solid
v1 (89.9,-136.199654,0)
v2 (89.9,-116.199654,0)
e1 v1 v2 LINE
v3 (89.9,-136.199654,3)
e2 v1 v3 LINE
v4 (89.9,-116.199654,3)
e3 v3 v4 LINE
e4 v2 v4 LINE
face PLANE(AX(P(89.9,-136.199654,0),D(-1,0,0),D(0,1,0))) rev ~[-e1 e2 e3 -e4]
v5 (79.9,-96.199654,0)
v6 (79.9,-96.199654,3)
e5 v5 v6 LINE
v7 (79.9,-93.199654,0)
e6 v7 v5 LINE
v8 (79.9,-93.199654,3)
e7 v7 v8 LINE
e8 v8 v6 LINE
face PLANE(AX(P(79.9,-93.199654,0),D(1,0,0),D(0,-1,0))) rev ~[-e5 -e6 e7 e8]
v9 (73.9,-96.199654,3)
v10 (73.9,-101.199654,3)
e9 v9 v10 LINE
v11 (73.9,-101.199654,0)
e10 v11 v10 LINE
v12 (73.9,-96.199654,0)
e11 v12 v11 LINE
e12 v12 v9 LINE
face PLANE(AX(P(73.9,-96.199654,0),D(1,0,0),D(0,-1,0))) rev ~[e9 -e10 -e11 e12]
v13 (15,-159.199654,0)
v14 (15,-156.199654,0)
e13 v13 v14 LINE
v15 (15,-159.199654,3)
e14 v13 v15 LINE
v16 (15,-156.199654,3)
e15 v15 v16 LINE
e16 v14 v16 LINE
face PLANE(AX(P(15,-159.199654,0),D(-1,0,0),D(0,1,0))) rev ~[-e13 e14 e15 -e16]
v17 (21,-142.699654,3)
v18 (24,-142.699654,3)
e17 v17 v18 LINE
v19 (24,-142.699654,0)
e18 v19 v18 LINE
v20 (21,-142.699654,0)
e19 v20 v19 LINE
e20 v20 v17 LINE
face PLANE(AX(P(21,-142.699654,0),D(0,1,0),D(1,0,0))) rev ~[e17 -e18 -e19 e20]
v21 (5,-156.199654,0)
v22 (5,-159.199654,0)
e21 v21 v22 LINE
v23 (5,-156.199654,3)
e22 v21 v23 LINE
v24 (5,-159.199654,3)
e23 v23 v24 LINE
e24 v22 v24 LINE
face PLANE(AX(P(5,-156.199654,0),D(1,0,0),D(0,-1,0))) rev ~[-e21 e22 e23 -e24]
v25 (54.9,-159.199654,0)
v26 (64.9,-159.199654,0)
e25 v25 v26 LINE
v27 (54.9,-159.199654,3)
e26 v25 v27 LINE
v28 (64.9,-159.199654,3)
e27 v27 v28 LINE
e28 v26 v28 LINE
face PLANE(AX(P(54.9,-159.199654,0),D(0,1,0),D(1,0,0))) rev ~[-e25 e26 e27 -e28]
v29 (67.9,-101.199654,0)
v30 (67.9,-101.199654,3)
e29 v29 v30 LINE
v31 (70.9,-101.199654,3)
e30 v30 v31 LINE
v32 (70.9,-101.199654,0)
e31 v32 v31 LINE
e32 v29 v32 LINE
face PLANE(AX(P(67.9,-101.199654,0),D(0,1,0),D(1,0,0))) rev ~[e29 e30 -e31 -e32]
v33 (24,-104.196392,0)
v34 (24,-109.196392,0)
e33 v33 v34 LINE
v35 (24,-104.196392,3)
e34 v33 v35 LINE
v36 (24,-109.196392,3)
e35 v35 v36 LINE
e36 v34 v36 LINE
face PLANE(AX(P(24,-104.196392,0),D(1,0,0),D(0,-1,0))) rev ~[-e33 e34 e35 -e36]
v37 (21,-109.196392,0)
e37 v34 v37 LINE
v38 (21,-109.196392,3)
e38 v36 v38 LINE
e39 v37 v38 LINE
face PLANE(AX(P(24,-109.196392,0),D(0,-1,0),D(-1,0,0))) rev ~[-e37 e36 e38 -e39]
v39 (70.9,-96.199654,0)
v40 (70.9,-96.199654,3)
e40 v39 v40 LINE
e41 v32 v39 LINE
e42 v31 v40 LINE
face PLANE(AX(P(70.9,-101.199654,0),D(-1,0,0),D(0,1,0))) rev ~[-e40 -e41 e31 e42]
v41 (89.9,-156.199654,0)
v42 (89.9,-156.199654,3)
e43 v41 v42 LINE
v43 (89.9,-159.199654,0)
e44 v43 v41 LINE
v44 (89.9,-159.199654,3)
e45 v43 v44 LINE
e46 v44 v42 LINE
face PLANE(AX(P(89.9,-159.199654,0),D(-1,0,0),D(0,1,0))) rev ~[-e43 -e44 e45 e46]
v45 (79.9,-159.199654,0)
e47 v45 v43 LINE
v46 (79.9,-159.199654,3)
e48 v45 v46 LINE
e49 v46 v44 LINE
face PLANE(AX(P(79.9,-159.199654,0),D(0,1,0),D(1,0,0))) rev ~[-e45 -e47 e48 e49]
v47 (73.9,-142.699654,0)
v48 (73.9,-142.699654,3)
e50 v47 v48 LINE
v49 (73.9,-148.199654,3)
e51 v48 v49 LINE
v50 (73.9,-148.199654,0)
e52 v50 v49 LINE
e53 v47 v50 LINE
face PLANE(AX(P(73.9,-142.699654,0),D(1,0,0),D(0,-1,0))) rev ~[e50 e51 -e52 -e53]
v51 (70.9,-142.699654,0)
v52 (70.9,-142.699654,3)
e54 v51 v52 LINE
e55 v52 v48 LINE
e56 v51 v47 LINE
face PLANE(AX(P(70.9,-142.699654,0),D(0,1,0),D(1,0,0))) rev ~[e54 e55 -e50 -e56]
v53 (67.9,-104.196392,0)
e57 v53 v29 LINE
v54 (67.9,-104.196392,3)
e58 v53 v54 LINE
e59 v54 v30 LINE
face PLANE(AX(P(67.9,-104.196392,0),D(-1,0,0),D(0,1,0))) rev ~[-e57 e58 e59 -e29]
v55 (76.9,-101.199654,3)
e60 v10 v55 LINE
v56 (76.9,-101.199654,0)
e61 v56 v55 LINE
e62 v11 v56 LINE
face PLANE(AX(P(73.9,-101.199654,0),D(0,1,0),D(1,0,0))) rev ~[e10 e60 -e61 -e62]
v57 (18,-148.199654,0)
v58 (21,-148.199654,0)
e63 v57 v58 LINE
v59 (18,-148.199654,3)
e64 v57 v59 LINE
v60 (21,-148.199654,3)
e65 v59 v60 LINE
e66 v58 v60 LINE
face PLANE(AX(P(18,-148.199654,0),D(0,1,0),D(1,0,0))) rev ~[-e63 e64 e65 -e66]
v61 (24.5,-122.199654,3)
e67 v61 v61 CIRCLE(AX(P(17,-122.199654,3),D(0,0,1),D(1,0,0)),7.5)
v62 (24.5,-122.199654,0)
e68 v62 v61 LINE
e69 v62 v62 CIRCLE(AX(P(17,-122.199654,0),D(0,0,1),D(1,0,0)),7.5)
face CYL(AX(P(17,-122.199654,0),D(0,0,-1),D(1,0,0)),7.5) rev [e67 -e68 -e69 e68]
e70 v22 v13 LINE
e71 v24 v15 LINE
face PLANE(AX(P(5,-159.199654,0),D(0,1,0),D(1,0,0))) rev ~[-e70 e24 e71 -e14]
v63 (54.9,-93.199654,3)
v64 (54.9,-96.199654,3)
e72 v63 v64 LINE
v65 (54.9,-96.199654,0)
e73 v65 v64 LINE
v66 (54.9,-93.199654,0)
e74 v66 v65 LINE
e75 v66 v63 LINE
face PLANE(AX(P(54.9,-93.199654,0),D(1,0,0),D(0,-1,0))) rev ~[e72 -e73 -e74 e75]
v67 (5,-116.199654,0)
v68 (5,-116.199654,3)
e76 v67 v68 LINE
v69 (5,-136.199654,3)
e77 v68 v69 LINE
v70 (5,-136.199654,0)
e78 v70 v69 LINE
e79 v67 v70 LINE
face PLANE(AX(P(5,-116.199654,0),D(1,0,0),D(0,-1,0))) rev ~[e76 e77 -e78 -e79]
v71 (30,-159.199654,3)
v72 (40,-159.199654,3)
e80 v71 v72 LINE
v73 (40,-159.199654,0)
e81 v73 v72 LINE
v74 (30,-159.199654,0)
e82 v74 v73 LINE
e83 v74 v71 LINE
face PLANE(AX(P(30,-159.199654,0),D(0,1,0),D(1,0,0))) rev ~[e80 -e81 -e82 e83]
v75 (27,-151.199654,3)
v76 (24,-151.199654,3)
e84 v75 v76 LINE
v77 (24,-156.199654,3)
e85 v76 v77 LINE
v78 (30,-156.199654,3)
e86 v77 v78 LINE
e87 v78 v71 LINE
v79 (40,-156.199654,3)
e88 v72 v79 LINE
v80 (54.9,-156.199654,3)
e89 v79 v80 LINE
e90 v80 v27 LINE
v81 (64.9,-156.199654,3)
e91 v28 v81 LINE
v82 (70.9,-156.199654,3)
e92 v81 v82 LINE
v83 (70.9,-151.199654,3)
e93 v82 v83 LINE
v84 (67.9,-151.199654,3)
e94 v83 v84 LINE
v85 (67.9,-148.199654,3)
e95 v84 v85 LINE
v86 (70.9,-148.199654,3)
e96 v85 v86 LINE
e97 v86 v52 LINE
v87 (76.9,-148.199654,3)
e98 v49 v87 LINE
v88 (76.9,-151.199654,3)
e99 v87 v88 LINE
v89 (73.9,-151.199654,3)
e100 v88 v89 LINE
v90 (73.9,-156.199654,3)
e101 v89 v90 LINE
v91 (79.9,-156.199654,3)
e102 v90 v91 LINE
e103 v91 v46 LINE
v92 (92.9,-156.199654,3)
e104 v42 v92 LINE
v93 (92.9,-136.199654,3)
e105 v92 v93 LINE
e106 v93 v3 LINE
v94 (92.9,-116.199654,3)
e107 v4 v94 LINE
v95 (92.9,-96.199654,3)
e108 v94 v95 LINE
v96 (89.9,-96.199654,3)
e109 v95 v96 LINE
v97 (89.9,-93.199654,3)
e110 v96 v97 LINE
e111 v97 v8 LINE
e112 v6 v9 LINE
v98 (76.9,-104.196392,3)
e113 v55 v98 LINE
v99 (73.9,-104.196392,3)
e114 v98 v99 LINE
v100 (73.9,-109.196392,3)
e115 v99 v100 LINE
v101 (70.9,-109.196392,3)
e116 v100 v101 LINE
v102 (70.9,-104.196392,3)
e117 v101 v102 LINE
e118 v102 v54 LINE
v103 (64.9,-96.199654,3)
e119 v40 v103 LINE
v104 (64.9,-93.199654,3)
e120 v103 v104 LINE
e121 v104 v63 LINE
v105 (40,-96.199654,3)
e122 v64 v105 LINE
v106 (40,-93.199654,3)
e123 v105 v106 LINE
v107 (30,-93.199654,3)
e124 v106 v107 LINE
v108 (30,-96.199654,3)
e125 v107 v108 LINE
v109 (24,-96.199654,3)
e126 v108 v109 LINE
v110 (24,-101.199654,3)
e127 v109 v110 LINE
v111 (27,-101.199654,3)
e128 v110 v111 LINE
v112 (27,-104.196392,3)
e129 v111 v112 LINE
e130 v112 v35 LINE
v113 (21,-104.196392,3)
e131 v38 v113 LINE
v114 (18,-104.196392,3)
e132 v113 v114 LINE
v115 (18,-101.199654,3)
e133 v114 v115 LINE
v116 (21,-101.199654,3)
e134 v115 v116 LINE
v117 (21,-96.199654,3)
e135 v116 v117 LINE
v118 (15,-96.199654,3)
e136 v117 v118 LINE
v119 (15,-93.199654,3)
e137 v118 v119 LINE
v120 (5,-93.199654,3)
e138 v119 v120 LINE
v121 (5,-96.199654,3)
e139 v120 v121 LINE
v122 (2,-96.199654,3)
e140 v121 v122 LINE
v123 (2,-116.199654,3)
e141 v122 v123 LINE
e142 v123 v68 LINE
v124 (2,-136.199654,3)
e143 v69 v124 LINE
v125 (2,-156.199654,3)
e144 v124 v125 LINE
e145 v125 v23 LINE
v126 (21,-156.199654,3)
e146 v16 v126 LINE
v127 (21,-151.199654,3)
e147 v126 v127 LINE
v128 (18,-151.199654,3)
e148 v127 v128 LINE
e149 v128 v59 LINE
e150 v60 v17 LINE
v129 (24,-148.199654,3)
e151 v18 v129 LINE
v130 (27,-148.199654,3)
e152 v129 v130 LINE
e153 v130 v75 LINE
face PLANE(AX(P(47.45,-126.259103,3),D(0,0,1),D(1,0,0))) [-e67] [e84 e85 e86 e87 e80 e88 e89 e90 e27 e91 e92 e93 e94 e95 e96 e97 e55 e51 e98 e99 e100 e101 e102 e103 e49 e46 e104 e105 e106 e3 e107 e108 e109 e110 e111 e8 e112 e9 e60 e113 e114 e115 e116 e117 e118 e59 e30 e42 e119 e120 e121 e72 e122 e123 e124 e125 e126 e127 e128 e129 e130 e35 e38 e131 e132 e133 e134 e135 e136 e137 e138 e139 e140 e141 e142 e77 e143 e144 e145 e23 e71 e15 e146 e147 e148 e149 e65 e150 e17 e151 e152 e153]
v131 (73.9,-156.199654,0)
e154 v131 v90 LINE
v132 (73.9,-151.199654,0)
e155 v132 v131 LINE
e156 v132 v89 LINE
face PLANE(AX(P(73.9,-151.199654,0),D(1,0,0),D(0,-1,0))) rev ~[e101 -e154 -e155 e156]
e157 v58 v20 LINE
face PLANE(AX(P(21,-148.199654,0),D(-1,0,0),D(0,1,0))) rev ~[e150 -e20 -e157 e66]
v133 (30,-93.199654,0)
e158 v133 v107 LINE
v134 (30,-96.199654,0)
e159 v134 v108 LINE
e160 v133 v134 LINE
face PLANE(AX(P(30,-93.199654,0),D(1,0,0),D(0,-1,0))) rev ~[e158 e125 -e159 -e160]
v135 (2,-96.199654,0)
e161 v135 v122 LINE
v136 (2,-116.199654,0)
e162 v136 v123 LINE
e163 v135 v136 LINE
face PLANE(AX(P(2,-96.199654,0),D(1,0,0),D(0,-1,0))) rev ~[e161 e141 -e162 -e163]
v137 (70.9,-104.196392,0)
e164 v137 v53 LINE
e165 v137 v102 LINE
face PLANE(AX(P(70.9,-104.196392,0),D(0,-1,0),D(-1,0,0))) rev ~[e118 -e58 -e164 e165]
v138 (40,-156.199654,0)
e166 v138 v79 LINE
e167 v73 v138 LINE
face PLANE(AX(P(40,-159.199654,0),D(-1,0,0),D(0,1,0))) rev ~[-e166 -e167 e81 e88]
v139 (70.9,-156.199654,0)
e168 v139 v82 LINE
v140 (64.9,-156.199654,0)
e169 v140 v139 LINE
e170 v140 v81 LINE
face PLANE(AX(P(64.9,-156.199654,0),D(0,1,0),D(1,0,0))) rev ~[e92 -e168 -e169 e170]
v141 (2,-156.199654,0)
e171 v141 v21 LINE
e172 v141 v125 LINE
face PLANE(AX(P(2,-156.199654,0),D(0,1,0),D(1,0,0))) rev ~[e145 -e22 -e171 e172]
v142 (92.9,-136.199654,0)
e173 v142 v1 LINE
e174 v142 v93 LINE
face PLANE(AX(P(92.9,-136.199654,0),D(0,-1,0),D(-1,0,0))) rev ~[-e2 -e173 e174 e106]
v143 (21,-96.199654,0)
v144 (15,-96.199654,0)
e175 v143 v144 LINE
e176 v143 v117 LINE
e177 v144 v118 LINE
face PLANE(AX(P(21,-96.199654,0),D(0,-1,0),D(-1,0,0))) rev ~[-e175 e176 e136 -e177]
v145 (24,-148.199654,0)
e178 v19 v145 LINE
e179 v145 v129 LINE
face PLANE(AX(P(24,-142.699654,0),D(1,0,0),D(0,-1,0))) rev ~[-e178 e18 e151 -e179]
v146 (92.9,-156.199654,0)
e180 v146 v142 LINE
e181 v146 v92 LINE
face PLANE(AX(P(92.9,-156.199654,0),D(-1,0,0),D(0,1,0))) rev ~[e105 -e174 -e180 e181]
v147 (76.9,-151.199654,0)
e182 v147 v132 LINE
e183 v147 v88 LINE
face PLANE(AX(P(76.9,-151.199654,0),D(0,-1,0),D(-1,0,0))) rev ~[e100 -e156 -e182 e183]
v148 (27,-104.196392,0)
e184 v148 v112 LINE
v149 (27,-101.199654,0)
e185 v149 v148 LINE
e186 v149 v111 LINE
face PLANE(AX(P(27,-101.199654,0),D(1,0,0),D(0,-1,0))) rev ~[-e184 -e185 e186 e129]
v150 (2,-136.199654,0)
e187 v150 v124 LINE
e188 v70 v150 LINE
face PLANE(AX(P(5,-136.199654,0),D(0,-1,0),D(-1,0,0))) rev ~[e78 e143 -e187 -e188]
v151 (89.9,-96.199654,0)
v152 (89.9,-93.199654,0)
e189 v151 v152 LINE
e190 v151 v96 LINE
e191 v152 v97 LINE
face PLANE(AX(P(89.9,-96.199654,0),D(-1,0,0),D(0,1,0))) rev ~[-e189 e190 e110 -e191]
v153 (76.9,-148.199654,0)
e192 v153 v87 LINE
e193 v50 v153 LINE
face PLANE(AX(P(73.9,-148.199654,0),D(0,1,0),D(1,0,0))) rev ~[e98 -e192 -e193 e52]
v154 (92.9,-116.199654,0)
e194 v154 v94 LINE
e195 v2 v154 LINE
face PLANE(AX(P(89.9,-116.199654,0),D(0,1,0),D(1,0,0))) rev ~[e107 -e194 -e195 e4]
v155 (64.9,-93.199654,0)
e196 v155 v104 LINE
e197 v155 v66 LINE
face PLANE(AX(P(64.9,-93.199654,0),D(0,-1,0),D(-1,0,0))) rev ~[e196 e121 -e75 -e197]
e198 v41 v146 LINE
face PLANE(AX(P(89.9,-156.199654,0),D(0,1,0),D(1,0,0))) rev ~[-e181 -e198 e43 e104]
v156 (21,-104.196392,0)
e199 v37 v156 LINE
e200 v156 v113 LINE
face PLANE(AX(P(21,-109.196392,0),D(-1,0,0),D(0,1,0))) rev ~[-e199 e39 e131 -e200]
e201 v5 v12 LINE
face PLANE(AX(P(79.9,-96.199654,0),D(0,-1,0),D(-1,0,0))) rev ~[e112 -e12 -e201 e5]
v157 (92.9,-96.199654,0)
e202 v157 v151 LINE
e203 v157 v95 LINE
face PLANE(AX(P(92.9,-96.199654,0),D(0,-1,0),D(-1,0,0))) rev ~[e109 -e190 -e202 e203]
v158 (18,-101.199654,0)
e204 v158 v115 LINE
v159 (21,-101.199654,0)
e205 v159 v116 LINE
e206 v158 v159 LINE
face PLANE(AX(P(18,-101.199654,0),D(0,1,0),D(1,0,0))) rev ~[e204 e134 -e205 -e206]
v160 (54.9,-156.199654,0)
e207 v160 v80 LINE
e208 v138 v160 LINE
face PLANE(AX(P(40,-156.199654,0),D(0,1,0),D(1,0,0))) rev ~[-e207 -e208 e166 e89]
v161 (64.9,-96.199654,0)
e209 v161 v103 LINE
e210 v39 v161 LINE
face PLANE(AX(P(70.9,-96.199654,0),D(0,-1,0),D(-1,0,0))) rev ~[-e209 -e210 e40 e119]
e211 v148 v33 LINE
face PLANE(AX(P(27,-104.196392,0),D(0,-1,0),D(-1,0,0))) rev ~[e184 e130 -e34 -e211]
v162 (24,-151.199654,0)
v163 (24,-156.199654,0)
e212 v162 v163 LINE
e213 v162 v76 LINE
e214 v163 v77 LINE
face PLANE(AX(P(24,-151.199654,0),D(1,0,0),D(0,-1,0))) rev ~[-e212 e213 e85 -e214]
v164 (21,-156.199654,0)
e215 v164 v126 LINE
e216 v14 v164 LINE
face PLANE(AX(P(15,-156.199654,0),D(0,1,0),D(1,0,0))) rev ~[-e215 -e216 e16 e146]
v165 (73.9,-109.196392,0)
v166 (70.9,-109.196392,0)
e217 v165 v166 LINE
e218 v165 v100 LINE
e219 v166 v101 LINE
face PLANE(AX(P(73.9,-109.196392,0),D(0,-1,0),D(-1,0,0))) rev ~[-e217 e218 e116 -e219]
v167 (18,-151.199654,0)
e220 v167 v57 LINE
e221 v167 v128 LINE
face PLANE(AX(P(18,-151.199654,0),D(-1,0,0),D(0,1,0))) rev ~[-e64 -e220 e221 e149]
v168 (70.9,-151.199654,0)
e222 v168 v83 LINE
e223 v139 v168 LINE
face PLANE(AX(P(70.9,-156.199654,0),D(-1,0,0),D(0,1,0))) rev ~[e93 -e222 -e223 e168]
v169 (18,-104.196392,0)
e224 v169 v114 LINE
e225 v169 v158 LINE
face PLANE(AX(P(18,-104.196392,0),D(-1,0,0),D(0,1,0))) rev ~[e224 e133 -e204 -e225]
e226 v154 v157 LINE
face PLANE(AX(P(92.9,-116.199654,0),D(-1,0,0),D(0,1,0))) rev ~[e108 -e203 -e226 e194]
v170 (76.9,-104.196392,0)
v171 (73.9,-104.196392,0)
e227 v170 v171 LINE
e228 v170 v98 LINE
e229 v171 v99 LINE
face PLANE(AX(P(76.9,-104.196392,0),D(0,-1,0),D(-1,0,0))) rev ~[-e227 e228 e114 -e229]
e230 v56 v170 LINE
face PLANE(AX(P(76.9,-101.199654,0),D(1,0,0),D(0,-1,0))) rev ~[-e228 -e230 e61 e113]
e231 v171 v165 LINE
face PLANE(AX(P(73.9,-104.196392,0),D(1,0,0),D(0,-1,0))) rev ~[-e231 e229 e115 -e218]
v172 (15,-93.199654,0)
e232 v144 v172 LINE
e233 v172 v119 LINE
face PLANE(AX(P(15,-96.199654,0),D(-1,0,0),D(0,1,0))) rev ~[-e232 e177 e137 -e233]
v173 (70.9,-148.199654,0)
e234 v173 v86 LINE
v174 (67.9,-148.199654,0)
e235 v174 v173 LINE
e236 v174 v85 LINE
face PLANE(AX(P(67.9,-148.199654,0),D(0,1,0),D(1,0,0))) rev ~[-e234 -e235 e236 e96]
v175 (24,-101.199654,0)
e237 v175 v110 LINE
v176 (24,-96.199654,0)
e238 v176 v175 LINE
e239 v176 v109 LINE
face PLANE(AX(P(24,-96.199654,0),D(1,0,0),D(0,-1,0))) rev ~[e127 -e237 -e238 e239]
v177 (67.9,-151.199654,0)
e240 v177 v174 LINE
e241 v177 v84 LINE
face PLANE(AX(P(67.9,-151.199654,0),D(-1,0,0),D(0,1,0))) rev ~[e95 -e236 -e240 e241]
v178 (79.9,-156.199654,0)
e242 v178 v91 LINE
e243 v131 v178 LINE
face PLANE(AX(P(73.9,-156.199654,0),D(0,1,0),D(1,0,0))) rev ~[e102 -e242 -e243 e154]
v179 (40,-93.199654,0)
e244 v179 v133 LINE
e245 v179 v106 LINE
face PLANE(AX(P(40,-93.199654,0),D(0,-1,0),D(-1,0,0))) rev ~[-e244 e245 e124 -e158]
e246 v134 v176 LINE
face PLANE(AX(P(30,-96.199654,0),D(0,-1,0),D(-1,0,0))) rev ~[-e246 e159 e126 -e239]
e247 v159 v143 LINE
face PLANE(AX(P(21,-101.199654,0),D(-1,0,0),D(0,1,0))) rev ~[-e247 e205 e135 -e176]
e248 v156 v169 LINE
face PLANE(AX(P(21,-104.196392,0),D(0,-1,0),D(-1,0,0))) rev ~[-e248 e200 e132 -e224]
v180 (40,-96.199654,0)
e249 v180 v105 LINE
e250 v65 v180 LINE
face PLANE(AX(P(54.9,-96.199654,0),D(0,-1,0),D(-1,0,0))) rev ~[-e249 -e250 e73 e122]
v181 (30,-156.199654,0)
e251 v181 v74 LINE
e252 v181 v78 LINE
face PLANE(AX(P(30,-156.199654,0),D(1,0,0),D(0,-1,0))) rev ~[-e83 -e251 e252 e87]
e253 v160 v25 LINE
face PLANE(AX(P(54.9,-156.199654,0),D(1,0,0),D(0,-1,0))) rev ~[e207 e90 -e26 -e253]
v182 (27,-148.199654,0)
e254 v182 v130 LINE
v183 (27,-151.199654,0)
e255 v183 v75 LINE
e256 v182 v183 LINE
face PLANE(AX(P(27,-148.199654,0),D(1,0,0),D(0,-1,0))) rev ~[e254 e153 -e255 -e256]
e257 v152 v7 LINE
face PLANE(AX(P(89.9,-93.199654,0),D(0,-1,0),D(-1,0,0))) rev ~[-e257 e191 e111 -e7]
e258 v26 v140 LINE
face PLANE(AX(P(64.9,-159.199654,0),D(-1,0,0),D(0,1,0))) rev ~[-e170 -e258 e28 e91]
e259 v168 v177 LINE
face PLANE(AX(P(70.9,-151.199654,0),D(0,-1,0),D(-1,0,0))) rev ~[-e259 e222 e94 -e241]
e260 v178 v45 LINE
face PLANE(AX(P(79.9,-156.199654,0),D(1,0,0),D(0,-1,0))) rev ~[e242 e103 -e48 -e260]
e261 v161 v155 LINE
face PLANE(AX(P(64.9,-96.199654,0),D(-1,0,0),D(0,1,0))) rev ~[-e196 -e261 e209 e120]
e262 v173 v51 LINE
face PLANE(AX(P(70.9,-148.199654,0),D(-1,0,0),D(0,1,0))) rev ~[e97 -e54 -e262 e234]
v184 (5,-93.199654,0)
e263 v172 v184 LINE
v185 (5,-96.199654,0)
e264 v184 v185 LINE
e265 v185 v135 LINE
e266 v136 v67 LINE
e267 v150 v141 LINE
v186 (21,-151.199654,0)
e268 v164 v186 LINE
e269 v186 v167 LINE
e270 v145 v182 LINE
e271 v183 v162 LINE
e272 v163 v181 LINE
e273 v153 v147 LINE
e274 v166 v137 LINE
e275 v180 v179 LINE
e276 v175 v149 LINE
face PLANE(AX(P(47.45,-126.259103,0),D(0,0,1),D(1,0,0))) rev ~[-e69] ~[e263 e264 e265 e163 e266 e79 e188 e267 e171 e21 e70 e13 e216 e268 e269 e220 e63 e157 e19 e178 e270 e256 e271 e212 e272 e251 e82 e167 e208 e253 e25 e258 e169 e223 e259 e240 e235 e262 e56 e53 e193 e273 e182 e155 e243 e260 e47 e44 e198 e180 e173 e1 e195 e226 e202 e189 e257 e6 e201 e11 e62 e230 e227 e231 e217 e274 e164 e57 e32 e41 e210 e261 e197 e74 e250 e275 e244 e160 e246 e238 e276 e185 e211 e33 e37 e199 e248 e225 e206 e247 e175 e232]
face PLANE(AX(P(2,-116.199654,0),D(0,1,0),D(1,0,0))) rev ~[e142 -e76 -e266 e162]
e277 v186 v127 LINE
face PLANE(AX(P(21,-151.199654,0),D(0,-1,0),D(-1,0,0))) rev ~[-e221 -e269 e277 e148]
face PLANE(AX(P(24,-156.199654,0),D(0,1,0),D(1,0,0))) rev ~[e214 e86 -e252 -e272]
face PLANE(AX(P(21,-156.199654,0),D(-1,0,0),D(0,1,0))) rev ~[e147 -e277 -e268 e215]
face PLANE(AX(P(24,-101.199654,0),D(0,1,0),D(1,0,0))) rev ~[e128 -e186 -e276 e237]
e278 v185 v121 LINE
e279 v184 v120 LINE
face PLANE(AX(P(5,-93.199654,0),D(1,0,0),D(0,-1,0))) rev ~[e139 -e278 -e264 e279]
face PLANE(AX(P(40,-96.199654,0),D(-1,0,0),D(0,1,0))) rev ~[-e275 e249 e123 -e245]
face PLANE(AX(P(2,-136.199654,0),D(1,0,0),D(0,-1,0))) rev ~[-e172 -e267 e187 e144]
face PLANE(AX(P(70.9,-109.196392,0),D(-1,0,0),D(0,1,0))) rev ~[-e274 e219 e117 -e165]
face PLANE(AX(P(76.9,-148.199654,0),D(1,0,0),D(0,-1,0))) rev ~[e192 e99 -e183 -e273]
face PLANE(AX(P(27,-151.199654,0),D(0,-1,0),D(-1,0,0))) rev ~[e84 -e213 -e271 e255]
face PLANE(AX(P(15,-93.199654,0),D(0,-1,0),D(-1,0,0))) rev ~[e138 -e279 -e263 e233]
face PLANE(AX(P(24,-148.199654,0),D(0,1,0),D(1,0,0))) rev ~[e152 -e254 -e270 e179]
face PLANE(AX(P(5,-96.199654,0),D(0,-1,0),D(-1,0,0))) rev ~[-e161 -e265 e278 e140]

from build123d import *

# Parameters (mm, degrees)
MODEL_R             = 7.5
BOSS_EXTRUDE1_DEPTH = 3


with BuildPart() as part:
    # Model → Boss-Extrude1 (new body)
    with BuildSketch(Plane.XY):
        Polygon((21, -151.199653678), (18, -151.199653678), (18, -148.199653678), (21, -148.199653678), (21, -142.699653678), (24, -142.699653678), (24, -148.199653678), (27, -148.199653678), (27, -151.199653678), (24, -151.199653678), (24, -156.199653678), (30, -156.199653678), (30, -159.199653678), (40, -159.199653678), (40, -156.199653678), (54.9, -156.199653678), (54.9, -159.199653678), (64.9, -159.199653678), (64.9, -156.199653678), (70.9, -156.199653678), (70.9, -151.199653678), (67.9, -151.199653678), (67.9, -148.199653678), (70.9, -148.199653678), (70.9, -142.699653678), (73.9, -142.699653678), (73.9, -148.199653678), (76.9, -148.199653678), (76.9, -151.199653678), (73.9, -151.199653678), (73.9, -156.199653678), (79.9, -156.199653678), (79.9, -159.199653678), (89.9, -159.199653678), (89.9, -156.199653678), (92.9, -156.199653678), (92.9, -136.199653678), (89.9, -136.199653678), (89.9, -116.199653678), (92.9, -116.199653678), (92.9, -96.199653678), (89.9, -96.199653678), (89.9, -93.199653678), (79.9, -93.199653678), (79.9, -96.199653678), (73.9, -96.199653678), (73.9, -101.199653678), (76.9, -101.199653678), (76.9, -104.196392179), (73.9, -104.196392179), (73.9, -109.196392179), (70.9, -109.196392179), (70.9, -104.196392179), (67.9, -104.196392179), (67.9, -101.199653678), (70.9, -101.199653678), (70.9, -96.199653678), (64.9, -96.199653678), (64.9, -93.199653678), (54.9, -93.199653678), (54.9, -96.199653678), (40, -96.199653678), (40, -93.199653678), (30, -93.199653678), (30, -96.199653678), (24, -96.199653678), (24, -101.199653678), (27, -101.199653678), (27, -104.196392179), (24, -104.196392179), (24, -109.196392179), (21, -109.196392179), (21, -104.196392179), (18, -104.196392179), (18, -101.199653678), (21, -101.199653678), (21, -96.199653678), (15, -96.199653678), (15, -93.199653678), (5, -93.199653678), (5, -96.199653678), (2, -96.199653678), (2, -116.199653678), (5, -116.199653678), (5, -136.199653678), (2, -136.199653678), (2, -156.199653678), (5, -156.199653678), (5, -159.199653678), (15, -159.199653678), (15, -156.199653678), (21, -156.199653678), align=None)
        with Locations((17, -122.199653678)):
            Circle(MODEL_R, mode=Mode.SUBTRACT)
    extrude(amount=BOSS_EXTRUDE1_DEPTH)


solid = part.part
